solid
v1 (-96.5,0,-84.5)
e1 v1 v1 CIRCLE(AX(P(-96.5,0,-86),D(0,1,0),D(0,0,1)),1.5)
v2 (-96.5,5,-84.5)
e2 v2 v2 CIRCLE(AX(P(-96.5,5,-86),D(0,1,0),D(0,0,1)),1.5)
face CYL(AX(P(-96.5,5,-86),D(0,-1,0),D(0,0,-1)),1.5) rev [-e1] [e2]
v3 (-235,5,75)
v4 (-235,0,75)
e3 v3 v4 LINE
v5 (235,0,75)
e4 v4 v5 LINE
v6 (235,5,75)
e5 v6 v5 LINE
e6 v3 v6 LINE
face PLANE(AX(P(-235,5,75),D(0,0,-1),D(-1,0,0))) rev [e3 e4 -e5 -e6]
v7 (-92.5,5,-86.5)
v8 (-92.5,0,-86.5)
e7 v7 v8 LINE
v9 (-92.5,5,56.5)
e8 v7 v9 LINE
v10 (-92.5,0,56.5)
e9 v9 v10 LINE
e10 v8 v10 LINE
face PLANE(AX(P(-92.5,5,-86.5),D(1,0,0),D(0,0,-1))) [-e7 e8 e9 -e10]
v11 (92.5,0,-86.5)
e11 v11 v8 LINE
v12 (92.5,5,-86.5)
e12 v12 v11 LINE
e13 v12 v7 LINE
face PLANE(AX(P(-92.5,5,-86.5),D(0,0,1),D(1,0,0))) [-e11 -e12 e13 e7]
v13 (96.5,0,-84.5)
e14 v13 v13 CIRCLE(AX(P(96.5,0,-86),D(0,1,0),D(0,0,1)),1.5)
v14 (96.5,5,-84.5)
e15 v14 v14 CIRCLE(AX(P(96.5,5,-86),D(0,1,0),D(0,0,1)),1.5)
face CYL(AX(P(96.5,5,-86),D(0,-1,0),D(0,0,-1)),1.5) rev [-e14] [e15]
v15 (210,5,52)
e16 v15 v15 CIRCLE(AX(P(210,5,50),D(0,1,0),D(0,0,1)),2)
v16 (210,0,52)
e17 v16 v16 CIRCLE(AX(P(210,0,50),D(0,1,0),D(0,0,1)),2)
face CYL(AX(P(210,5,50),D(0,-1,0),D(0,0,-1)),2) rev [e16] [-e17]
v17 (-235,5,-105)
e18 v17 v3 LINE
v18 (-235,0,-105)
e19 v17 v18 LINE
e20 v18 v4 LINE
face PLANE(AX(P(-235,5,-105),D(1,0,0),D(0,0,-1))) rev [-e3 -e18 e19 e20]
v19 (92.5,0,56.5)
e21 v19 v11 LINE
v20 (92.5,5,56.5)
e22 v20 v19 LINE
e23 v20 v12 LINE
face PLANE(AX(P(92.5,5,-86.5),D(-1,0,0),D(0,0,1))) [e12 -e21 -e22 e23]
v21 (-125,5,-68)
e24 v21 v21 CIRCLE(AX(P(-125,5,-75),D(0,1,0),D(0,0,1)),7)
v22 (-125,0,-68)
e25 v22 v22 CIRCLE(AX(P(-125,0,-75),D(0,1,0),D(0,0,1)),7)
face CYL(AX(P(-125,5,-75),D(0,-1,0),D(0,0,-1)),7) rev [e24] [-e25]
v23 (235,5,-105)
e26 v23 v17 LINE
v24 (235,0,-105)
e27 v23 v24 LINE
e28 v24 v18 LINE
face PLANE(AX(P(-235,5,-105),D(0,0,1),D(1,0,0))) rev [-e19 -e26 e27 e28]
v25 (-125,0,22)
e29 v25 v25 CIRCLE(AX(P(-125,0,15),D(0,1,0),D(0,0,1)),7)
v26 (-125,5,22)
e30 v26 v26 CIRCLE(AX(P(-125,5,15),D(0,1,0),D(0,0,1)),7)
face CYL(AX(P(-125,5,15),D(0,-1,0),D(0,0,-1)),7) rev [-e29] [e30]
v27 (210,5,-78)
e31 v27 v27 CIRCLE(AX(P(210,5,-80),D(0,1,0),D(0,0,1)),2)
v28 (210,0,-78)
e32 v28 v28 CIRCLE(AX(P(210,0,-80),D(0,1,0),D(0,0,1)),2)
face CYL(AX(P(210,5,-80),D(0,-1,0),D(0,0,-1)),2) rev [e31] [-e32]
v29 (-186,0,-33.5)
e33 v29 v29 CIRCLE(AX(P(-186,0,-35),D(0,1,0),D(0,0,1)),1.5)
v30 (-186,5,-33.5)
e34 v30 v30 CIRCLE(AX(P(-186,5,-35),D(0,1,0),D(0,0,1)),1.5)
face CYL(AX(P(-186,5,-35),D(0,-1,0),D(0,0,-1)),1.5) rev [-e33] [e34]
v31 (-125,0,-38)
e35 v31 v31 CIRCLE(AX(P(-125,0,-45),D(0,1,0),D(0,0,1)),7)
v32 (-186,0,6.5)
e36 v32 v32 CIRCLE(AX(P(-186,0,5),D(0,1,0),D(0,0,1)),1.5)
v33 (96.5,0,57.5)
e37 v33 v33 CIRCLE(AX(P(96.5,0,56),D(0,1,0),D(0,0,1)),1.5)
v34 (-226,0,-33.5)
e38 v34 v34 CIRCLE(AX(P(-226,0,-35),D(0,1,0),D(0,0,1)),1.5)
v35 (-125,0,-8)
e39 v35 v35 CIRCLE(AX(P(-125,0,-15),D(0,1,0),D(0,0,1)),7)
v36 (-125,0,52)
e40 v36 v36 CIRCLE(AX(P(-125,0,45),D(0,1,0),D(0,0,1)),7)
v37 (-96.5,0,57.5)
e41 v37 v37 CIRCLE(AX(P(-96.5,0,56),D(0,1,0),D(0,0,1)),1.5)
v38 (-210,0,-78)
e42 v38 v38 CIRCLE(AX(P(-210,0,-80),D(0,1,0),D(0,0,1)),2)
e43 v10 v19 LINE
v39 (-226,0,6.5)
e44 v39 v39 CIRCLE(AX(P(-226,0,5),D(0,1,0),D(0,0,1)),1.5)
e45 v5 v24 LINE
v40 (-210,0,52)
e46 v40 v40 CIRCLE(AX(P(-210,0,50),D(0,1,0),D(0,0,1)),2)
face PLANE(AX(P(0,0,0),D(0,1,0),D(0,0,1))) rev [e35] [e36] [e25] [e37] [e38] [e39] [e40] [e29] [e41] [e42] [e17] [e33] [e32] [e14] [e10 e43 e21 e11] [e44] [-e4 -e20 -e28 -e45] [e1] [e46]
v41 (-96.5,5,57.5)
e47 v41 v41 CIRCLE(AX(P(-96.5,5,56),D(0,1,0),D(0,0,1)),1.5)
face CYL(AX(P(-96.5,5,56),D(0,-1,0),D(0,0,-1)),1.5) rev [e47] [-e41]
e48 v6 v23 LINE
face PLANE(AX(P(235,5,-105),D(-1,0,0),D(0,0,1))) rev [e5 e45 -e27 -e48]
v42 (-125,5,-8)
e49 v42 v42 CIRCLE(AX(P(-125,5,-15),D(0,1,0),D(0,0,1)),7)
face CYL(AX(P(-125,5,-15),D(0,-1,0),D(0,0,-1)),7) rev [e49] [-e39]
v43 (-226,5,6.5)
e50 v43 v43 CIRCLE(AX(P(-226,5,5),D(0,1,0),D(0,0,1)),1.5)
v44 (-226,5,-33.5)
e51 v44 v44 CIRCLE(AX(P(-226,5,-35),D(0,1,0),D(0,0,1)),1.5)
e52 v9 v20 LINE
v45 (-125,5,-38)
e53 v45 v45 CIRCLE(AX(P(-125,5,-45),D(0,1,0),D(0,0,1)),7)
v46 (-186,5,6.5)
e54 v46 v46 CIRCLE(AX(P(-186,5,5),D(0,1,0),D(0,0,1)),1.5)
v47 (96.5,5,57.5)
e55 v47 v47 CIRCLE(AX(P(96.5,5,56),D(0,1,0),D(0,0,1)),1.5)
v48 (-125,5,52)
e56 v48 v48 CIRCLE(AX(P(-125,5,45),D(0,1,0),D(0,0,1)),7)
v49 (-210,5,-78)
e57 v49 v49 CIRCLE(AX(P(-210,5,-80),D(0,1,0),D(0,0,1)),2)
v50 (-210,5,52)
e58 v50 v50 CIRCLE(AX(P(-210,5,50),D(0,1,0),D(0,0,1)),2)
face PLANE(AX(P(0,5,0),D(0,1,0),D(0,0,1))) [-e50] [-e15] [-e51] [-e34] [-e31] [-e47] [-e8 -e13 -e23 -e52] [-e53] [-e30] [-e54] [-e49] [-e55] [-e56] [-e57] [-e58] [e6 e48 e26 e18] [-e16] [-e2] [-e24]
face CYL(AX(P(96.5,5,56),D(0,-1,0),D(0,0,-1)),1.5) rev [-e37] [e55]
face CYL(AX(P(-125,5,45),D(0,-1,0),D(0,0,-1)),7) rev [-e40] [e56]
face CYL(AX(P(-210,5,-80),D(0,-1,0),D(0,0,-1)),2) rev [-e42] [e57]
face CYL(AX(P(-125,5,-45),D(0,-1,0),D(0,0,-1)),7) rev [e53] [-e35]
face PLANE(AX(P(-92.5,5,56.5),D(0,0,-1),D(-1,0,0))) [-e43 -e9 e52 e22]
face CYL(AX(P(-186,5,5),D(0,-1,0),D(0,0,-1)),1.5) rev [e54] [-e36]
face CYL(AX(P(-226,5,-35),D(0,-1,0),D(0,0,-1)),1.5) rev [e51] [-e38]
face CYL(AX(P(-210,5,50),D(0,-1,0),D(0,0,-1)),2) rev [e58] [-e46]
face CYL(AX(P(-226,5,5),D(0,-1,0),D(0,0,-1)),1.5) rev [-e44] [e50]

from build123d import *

# Parameters (mm, degrees)
SKETCH_1_W      = 470
SKETCH_1_H      = 180
SKETCH_1_R      = 1.5
SKETCH_1_R_2    = 7
SKETCH_1_R_3    = 2
SKETCH_1_W_2    = 185
SKETCH_1_H_2    = 143
EXTRUDE_1_DEPTH = 5


with BuildPart() as part:
    # 草图1 → 凸台-拉伸1 (new body)
    with BuildSketch(Plane(origin=(0, 0, 0), x_dir=(1, 0, 0), z_dir=(0, 1, 0))):
        with Locations((0, 15)):
            Rectangle(SKETCH_1_W, SKETCH_1_H)
        with Locations((-96.5, 86)):
            Circle(SKETCH_1_R, mode=Mode.SUBTRACT)
        with Locations((96.5, 86)):
            Circle(SKETCH_1_R, mode=Mode.SUBTRACT)
        with Locations((96.5, -56)):
            Circle(SKETCH_1_R, mode=Mode.SUBTRACT)
        with Locations((-96.5, -56)):
            Circle(SKETCH_1_R, mode=Mode.SUBTRACT)
        with Locations((-125, 75)):
            Circle(SKETCH_1_R_2, mode=Mode.SUBTRACT)
        with Locations((-125, 45)):
            Circle(SKETCH_1_R_2, mode=Mode.SUBTRACT)
        with Locations((-125, 15)):
            Circle(SKETCH_1_R_2, mode=Mode.SUBTRACT)
        with Locations((-125, -15)):
            Circle(SKETCH_1_R_2, mode=Mode.SUBTRACT)
        with Locations((-125, -45)):
            Circle(SKETCH_1_R_2, mode=Mode.SUBTRACT)
        with Locations((-226, 35)):
            Circle(SKETCH_1_R, mode=Mode.SUBTRACT)
        with Locations((-186, 35)):
            Circle(SKETCH_1_R, mode=Mode.SUBTRACT)
        with Locations((-186, -5)):
            Circle(SKETCH_1_R, mode=Mode.SUBTRACT)
        with Locations((-226, -5)):
            Circle(SKETCH_1_R, mode=Mode.SUBTRACT)
        with Locations((-210, -50)):
            Circle(SKETCH_1_R_3, mode=Mode.SUBTRACT)
        with Locations((210, -50)):
            Circle(SKETCH_1_R_3, mode=Mode.SUBTRACT)
        with Locations((-210, 80)):
            Circle(SKETCH_1_R_3, mode=Mode.SUBTRACT)
        with Locations((210, 80)):
            Circle(SKETCH_1_R_3, mode=Mode.SUBTRACT)
        with Locations((0, 15)):
            Rectangle(SKETCH_1_W_2, SKETCH_1_H_2, mode=Mode.SUBTRACT)
    extrude(amount=EXTRUDE_1_DEPTH)


solid = part.part
